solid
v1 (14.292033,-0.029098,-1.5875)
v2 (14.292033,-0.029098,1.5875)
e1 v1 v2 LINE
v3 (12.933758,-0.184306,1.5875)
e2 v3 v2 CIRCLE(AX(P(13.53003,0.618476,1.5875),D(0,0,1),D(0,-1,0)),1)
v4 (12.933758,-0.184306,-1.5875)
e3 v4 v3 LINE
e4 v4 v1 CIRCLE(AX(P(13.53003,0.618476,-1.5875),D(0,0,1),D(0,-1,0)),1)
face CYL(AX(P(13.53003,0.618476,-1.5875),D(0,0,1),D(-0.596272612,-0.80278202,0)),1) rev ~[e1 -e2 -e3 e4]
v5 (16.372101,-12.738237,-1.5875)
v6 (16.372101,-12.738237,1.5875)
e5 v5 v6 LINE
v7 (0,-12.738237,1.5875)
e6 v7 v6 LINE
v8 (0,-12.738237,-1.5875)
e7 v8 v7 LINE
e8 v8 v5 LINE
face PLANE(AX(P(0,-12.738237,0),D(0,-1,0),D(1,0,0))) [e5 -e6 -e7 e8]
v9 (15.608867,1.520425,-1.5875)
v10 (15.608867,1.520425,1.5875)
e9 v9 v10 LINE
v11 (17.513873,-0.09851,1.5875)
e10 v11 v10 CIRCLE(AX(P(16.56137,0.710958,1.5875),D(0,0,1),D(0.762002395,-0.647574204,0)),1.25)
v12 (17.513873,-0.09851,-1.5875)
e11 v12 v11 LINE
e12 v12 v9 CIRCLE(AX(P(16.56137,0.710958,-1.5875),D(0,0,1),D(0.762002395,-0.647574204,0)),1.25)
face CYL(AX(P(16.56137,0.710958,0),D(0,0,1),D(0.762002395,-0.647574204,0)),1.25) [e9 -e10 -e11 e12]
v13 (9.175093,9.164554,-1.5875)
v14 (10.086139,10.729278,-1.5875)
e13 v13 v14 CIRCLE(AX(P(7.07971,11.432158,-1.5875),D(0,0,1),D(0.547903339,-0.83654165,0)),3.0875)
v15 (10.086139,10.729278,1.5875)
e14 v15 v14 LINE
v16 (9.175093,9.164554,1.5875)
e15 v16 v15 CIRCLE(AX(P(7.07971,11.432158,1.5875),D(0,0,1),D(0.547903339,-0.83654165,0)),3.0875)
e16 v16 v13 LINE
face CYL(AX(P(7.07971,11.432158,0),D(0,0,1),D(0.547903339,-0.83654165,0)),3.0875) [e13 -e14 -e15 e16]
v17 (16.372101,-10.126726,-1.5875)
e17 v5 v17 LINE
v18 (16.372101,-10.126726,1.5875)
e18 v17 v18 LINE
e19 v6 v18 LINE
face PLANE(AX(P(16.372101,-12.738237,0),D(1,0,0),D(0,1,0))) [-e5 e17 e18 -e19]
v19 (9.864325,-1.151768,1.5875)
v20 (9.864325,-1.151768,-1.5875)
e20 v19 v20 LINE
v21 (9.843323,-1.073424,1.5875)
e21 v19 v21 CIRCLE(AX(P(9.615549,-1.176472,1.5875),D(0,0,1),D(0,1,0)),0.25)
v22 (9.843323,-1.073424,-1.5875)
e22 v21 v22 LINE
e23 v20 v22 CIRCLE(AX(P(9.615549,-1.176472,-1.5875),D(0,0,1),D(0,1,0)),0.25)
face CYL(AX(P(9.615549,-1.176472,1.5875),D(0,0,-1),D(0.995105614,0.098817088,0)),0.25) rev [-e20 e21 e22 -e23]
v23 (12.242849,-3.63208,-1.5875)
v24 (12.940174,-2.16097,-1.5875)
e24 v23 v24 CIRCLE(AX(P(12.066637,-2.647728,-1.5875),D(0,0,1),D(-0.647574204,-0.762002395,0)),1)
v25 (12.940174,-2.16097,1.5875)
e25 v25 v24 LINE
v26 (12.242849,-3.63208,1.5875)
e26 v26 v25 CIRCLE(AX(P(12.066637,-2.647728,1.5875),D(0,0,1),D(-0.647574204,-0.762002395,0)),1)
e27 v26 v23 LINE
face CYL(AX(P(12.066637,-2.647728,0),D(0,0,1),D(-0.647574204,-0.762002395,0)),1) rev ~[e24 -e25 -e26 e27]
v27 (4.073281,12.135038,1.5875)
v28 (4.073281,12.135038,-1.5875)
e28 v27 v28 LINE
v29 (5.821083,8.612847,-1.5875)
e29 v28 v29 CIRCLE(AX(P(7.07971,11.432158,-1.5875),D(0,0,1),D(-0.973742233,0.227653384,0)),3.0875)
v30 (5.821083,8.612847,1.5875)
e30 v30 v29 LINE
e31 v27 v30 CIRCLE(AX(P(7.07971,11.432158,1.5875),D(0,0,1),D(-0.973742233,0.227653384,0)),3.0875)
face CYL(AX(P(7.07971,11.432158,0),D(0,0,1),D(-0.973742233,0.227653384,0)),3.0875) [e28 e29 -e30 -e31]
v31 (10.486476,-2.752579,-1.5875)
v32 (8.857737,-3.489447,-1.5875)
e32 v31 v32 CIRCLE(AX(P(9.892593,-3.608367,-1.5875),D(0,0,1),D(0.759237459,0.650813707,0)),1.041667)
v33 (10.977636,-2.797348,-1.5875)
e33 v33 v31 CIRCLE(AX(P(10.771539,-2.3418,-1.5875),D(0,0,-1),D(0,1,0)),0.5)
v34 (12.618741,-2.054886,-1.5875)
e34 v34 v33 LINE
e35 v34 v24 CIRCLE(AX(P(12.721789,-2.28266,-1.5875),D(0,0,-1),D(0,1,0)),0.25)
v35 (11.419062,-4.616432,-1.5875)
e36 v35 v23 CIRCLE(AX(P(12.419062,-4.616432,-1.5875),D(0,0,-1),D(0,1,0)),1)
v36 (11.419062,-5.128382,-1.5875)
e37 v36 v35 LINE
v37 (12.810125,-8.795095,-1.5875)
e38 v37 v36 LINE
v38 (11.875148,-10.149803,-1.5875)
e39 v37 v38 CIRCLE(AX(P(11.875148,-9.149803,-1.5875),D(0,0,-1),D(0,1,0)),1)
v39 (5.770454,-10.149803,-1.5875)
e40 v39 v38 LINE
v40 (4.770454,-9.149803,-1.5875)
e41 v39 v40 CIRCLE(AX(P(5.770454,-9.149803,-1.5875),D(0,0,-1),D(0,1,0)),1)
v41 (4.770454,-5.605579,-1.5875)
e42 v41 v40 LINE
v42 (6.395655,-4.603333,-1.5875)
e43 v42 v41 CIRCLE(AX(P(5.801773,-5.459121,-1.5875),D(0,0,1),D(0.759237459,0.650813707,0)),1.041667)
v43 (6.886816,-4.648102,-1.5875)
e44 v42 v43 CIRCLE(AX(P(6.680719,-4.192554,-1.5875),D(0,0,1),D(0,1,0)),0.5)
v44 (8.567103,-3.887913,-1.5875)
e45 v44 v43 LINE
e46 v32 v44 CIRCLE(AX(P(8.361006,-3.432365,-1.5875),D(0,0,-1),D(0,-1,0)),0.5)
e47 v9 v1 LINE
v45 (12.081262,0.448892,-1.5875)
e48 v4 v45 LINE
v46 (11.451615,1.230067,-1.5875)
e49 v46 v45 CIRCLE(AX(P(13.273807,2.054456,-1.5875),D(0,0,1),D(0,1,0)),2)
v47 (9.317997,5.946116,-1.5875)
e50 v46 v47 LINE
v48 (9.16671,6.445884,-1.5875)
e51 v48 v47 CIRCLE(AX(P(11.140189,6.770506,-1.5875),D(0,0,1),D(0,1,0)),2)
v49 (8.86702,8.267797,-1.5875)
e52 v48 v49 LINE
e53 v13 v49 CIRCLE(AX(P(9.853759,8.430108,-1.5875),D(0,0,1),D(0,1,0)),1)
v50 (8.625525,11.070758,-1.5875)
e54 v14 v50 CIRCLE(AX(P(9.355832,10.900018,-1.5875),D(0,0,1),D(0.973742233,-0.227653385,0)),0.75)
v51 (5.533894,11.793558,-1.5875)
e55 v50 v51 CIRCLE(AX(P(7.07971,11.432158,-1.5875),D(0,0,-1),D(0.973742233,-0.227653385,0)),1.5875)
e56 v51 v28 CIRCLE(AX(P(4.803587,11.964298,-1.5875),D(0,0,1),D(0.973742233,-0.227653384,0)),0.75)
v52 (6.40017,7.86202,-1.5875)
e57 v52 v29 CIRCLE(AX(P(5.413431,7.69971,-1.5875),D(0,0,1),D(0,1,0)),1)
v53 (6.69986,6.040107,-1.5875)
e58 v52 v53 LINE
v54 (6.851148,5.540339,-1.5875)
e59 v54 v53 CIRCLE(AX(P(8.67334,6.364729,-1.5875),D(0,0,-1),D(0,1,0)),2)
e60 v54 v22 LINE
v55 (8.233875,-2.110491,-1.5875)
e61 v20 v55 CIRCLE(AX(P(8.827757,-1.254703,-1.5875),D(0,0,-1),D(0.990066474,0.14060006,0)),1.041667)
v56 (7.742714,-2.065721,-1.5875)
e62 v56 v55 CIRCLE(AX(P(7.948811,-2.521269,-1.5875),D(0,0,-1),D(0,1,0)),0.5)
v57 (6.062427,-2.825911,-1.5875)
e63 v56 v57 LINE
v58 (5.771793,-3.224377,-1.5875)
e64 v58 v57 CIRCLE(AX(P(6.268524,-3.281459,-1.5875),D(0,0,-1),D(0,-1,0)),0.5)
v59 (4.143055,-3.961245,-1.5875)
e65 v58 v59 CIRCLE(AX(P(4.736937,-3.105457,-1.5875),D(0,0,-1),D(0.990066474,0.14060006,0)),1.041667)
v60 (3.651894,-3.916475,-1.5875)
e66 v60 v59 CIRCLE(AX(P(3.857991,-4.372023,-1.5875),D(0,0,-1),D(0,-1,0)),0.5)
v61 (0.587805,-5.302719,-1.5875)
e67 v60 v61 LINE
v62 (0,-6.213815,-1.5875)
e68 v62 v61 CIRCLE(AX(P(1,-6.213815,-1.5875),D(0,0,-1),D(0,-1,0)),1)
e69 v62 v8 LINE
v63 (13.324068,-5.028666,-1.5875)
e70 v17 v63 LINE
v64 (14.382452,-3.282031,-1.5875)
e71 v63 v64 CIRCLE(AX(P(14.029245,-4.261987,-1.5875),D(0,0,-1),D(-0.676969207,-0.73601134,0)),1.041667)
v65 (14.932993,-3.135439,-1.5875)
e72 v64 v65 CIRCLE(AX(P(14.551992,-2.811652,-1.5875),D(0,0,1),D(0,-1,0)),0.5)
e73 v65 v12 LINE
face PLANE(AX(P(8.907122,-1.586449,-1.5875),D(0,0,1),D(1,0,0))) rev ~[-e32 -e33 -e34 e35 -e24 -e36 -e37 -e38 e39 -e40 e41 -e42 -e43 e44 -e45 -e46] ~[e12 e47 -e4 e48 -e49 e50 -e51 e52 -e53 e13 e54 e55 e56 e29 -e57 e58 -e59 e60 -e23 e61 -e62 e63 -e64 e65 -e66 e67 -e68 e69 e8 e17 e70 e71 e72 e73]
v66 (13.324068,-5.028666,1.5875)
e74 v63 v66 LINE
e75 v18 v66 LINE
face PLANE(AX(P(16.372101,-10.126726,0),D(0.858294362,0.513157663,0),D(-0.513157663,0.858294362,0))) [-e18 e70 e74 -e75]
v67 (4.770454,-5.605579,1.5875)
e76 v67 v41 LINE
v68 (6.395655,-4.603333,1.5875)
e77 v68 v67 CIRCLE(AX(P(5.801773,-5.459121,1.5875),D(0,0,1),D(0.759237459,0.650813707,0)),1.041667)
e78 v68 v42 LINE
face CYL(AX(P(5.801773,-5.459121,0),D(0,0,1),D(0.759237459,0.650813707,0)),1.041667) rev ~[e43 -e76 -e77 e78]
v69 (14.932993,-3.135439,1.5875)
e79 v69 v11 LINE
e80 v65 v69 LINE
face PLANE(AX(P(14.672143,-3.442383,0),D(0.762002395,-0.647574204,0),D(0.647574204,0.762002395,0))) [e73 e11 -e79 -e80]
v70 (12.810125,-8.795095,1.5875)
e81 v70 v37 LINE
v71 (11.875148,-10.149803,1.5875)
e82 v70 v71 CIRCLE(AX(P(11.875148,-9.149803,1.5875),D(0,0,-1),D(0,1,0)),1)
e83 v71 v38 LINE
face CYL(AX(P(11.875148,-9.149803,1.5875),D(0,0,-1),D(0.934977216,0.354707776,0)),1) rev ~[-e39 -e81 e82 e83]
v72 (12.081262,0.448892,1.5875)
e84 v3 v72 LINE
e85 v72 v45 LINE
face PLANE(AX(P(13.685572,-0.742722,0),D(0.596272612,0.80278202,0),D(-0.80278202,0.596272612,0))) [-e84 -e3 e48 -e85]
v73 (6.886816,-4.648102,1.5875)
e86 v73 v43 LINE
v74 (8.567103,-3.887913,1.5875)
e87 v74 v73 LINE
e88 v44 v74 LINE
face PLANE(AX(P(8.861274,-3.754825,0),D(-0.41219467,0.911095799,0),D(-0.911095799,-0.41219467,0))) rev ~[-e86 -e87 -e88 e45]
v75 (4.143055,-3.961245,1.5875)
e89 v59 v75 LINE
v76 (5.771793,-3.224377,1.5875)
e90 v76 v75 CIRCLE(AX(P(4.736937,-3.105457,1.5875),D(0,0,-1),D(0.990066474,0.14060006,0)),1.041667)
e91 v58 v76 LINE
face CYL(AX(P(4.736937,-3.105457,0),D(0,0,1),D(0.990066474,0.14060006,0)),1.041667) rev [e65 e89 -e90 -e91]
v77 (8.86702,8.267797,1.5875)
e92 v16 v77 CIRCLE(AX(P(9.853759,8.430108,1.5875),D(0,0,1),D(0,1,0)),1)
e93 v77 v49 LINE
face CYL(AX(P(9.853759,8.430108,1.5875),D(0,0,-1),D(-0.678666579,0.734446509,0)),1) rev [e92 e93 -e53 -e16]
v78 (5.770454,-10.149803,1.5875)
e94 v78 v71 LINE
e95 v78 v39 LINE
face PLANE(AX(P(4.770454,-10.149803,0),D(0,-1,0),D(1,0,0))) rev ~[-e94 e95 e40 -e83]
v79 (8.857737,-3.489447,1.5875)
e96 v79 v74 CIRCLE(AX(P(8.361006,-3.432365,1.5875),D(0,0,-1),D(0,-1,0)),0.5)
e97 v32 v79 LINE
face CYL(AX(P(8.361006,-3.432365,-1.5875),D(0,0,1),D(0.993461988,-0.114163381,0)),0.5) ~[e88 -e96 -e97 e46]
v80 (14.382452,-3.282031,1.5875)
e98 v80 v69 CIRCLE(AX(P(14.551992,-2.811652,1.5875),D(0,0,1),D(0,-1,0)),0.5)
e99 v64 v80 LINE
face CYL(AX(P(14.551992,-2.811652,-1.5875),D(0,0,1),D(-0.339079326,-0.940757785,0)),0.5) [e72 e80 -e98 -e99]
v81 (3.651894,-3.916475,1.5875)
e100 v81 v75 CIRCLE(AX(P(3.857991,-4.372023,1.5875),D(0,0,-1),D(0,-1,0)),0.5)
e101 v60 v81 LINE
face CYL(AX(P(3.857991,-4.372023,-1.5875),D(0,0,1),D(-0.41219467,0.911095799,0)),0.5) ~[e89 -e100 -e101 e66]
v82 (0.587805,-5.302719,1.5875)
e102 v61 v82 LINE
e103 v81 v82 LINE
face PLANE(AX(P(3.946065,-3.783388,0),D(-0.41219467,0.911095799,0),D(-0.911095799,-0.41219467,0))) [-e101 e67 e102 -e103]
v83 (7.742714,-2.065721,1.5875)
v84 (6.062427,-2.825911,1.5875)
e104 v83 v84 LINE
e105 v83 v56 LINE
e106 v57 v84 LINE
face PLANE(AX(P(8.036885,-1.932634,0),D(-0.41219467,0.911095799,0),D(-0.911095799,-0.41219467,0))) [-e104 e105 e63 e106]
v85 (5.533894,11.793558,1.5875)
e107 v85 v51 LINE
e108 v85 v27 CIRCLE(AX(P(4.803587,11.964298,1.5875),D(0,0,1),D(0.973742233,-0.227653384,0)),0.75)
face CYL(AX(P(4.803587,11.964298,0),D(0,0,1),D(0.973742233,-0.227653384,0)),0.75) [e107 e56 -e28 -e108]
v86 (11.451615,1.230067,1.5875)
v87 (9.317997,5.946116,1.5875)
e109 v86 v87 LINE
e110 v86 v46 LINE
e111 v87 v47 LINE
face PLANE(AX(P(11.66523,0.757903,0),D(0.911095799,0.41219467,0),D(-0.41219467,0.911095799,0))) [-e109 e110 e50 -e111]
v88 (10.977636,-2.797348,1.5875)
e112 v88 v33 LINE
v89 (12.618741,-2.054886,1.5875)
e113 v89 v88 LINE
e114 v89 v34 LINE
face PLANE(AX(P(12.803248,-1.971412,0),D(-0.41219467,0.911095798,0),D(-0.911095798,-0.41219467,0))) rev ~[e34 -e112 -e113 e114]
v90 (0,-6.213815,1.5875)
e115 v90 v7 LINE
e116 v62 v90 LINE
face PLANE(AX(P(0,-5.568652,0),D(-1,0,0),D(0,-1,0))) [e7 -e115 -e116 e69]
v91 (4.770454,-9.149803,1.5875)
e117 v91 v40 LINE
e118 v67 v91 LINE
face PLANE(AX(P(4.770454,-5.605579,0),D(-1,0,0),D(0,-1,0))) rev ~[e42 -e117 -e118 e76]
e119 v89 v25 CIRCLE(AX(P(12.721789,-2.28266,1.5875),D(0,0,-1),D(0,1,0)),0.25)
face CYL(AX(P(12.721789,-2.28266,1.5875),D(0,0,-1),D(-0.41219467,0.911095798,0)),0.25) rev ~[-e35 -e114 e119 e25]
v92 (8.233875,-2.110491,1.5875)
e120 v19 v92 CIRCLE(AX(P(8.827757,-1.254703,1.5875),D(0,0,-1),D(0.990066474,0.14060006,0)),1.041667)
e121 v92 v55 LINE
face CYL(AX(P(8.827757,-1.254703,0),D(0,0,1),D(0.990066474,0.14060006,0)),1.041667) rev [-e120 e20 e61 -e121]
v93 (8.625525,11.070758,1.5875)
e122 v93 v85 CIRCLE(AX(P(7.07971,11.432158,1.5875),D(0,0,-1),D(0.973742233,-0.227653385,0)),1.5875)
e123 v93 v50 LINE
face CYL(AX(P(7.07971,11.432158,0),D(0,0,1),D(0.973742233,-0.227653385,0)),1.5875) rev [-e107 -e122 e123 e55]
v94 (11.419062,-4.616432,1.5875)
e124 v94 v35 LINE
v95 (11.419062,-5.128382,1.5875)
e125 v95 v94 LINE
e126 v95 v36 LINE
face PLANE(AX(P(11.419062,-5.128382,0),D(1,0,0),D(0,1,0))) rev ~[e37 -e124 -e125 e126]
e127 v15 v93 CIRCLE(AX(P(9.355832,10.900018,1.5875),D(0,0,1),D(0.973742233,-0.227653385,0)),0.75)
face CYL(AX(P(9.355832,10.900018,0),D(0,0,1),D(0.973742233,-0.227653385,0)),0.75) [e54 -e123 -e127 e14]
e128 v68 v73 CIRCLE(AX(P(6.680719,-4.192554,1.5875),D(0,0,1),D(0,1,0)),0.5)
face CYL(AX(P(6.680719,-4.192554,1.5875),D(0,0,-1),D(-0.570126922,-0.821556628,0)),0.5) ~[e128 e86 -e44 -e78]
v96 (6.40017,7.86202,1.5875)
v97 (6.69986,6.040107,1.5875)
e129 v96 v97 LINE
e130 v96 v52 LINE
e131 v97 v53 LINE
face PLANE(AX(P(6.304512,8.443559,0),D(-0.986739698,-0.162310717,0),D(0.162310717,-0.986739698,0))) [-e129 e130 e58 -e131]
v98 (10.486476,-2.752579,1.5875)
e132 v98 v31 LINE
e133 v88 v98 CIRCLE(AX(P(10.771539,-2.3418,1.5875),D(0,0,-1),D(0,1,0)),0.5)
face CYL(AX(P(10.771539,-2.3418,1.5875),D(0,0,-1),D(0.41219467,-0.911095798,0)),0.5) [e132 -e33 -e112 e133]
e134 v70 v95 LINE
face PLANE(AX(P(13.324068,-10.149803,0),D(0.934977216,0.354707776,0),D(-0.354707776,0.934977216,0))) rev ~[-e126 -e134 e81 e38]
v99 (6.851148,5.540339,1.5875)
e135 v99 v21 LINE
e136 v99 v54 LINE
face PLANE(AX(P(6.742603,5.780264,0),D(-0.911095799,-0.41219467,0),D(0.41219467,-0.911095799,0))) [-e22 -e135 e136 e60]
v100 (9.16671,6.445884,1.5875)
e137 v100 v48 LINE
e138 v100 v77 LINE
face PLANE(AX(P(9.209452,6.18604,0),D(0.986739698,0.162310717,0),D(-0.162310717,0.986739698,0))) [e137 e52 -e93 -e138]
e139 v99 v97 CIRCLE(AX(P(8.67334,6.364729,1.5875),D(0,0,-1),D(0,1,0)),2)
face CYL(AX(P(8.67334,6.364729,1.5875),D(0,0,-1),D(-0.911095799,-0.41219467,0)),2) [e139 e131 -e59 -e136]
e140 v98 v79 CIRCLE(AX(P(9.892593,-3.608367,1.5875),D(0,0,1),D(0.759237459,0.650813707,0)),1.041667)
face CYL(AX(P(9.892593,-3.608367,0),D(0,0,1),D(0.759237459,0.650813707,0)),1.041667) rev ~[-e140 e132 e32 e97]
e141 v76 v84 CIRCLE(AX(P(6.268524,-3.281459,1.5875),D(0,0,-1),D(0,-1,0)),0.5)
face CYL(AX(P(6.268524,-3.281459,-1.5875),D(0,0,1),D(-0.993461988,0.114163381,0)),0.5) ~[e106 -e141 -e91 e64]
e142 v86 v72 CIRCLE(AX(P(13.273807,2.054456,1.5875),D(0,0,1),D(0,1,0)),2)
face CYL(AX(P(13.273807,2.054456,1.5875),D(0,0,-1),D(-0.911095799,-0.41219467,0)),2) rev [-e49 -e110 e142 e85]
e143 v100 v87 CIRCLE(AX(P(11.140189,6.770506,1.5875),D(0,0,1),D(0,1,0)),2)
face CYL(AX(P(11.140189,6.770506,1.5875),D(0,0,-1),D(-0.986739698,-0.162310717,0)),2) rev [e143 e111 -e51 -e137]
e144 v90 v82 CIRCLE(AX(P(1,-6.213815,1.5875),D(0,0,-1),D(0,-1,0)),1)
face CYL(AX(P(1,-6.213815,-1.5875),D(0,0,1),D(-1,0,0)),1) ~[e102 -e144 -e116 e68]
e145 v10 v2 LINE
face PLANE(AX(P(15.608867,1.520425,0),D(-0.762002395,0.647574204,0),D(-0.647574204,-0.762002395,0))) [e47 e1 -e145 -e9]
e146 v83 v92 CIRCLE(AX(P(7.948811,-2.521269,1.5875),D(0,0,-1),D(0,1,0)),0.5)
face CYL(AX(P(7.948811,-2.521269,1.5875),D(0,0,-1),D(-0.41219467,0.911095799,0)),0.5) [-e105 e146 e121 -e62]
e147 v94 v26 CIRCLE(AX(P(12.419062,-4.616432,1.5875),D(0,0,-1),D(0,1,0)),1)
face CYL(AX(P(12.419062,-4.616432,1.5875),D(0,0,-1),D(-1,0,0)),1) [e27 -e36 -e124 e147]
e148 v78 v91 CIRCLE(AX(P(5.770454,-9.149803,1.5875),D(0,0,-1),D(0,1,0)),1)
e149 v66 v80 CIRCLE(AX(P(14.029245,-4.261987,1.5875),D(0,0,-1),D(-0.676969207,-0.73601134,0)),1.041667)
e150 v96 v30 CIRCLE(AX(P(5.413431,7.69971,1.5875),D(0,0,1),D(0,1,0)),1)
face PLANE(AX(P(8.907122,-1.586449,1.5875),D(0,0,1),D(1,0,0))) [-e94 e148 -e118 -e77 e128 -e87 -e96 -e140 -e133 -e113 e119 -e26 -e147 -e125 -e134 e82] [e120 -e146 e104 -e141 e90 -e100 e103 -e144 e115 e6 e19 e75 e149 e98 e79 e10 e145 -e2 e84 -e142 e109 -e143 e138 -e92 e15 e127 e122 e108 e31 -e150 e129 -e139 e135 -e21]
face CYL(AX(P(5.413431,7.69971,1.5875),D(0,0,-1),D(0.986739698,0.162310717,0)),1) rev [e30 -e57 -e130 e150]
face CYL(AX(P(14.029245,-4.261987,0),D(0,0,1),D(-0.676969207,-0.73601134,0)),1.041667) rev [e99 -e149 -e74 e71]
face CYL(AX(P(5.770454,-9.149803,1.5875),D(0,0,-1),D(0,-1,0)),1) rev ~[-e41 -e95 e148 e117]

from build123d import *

# Parameters (mm, degrees)
BOSS_CONFIGUP_DEPTH = 1.5875
FILLET1_R           = 1
FILLET2_R           = 1
FILLET3_R           = 0.5
FILLET4_R           = 0.25
FILLET5_R           = 2
FILLET7_R           = 1


with BuildPart() as part:
    # Sketch-ConfigUp → Boss-ConfigUp (new body, symmetric)
    with BuildSketch(Plane.XY):
        with BuildLine():
            Line((8.036884771, -1.932633536), (5.768256233, -2.958998264))
            ThreePointArc((5.768256233, -2.958998264), (5.166306437, -4.054514783), (3.946064636, -3.783387604))
            Line((3.946064636, -3.783387604), (0, -5.568651912))
            Line((0, -5.568651912), (0, -12.738236644))
            Line((0, -12.738236644), (16.372100646, -12.738236644))
            Line((16.372100646, -12.738236644), (16.372100646, -10.126726416))
            Line((16.372100646, -10.126726416), (13.32406834, -5.02866566))
            ThreePointArc((13.32406834, -5.02866566), (13.235492103, -3.587430718), (14.672142717, -3.442382733))
            Line((14.672142717, -3.442382733), (17.513873441, -0.098510164))
            ThreePointArc((17.513873441, -0.098510164), (17.370838202, 1.663460585), (15.608867453, 1.520425346))
            Line((15.608867453, 1.520425346), (13.685572067, -0.742721767))
            Line((13.685572067, -0.742721767), (11.665230115, 0.757902988))
            Line((11.665230115, 0.757902988), (9.20945182, 6.186040346))
            Line((9.20945182, 6.186040346), (8.77136122, 8.849335746))
            ThreePointArc((8.77136122, 8.849335746), (9.609835457, 9.662661067), (10.086138806, 10.729278263))
            ThreePointArc((10.086138806, 10.729278263), (9.52657217, 11.630324976), (8.625525457, 11.07075834))
            ThreePointArc((8.625525457, 11.07075834), (6.718309914, 9.886342294), (5.533893867, 11.793557837))
            ThreePointArc((5.533893867, 11.793557837), (4.974327231, 12.69460455), (4.073280517, 12.135037914))
            ThreePointArc((4.073280517, 12.135037914), (4.437375542, 9.835058641), (6.304511976, 8.443558952))
            Line((6.304511976, 8.443558952), (6.742602576, 5.780263553))
            Line((6.742602576, 5.780263553), (9.859076368, -1.108244196))
            ThreePointArc((9.859076368, -1.108244196), (9.257126572, -2.203760715), (8.036884771, -1.932633536))
        make_face()
        with BuildLine():
            Line((8.861274111, -3.754825133), (6.592645572, -4.781189861))
            ThreePointArc((6.592645572, -4.781189861), (5.372403771, -4.510062682), (4.770453975, -5.605579201))
            Line((4.770453975, -5.605579201), (4.770453975, -10.149803039))
            Line((4.770453975, -10.149803039), (6.154904632, -10.149803039))
            Line((6.154904632, -10.149803039), (11.419062352, -10.149803039))
            Line((11.419062352, -10.149803039), (13.32406834, -10.149803039))
            Line((13.32406834, -10.149803039), (11.419062352, -5.128381701))
            Line((11.419062352, -5.128381701), (11.419062352, -3.40973015))
            ThreePointArc((11.419062352, -3.40973015), (12.78717247, -3.341145376), (12.803247984, -1.971411553))
            Line((12.803247984, -1.971411553), (10.683465708, -2.930435793))
            ThreePointArc((10.683465708, -2.930435793), (9.463223907, -2.659308614), (8.861274111, -3.754825133))
        make_face(mode=Mode.SUBTRACT)
    extrude(amount=BOSS_CONFIGUP_DEPTH, both=True)

    # Fillet1
    fillet1_edges = [part.edges().sort_by_distance(p)[0] for p in [
        (0, -5.568651912, 0),
        (6.304511976, 8.443558952, 0),
        (8.77136122, 8.849335746, 0),
        (13.685572067, -0.742721767, 0),
    ]]
    fillet(fillet1_edges, radius=FILLET1_R)

    # Fillet2
    fillet2_edges = [part.edges().sort_by_distance(p)[0] for p in [
        (11.419062352, -3.40973015, 0),
    ]]
    fillet(fillet2_edges, radius=FILLET2_R)

    # Fillet3
    fillet3_edges = [part.edges().sort_by_distance(p)[0] for p in [
        (3.946064636, -3.783387604, 0),
        (5.768256233, -2.958998264, 0),
        (8.036884771, -1.932633536, 0),
        (14.672142717, -3.442382733, 0),
        (6.592645572, -4.781189861, 0),
        (10.683465708, -2.930435793, 0),
        (8.861274111, -3.754825133, 0),
    ]]
    fillet(fillet3_edges, radius=FILLET3_R)

    # Fillet4
    fillet4_edges = [part.edges().sort_by_distance(p)[0] for p in [
        (9.859076368, -1.108244196, 0),
        (12.803247984, -1.971411553, 0),
    ]]
    fillet(fillet4_edges, radius=FILLET4_R)

    # Fillet5
    fillet5_edges = [part.edges().sort_by_distance(p)[0] for p in [
        (6.742602576, 5.780263553, 0),
        (9.20945182, 6.186040346, 0),
        (11.665230115, 0.757902988, 0),
    ]]
    fillet(fillet5_edges, radius=FILLET5_R)

    # Fillet7
    fillet7_edges = [part.edges().sort_by_distance(p)[0] for p in [
        (4.770453975, -10.149803039, 0),
        (13.32406834, -10.149803039, 0),
    ]]
    fillet(fillet7_edges, radius=FILLET7_R)


solid = part.part
